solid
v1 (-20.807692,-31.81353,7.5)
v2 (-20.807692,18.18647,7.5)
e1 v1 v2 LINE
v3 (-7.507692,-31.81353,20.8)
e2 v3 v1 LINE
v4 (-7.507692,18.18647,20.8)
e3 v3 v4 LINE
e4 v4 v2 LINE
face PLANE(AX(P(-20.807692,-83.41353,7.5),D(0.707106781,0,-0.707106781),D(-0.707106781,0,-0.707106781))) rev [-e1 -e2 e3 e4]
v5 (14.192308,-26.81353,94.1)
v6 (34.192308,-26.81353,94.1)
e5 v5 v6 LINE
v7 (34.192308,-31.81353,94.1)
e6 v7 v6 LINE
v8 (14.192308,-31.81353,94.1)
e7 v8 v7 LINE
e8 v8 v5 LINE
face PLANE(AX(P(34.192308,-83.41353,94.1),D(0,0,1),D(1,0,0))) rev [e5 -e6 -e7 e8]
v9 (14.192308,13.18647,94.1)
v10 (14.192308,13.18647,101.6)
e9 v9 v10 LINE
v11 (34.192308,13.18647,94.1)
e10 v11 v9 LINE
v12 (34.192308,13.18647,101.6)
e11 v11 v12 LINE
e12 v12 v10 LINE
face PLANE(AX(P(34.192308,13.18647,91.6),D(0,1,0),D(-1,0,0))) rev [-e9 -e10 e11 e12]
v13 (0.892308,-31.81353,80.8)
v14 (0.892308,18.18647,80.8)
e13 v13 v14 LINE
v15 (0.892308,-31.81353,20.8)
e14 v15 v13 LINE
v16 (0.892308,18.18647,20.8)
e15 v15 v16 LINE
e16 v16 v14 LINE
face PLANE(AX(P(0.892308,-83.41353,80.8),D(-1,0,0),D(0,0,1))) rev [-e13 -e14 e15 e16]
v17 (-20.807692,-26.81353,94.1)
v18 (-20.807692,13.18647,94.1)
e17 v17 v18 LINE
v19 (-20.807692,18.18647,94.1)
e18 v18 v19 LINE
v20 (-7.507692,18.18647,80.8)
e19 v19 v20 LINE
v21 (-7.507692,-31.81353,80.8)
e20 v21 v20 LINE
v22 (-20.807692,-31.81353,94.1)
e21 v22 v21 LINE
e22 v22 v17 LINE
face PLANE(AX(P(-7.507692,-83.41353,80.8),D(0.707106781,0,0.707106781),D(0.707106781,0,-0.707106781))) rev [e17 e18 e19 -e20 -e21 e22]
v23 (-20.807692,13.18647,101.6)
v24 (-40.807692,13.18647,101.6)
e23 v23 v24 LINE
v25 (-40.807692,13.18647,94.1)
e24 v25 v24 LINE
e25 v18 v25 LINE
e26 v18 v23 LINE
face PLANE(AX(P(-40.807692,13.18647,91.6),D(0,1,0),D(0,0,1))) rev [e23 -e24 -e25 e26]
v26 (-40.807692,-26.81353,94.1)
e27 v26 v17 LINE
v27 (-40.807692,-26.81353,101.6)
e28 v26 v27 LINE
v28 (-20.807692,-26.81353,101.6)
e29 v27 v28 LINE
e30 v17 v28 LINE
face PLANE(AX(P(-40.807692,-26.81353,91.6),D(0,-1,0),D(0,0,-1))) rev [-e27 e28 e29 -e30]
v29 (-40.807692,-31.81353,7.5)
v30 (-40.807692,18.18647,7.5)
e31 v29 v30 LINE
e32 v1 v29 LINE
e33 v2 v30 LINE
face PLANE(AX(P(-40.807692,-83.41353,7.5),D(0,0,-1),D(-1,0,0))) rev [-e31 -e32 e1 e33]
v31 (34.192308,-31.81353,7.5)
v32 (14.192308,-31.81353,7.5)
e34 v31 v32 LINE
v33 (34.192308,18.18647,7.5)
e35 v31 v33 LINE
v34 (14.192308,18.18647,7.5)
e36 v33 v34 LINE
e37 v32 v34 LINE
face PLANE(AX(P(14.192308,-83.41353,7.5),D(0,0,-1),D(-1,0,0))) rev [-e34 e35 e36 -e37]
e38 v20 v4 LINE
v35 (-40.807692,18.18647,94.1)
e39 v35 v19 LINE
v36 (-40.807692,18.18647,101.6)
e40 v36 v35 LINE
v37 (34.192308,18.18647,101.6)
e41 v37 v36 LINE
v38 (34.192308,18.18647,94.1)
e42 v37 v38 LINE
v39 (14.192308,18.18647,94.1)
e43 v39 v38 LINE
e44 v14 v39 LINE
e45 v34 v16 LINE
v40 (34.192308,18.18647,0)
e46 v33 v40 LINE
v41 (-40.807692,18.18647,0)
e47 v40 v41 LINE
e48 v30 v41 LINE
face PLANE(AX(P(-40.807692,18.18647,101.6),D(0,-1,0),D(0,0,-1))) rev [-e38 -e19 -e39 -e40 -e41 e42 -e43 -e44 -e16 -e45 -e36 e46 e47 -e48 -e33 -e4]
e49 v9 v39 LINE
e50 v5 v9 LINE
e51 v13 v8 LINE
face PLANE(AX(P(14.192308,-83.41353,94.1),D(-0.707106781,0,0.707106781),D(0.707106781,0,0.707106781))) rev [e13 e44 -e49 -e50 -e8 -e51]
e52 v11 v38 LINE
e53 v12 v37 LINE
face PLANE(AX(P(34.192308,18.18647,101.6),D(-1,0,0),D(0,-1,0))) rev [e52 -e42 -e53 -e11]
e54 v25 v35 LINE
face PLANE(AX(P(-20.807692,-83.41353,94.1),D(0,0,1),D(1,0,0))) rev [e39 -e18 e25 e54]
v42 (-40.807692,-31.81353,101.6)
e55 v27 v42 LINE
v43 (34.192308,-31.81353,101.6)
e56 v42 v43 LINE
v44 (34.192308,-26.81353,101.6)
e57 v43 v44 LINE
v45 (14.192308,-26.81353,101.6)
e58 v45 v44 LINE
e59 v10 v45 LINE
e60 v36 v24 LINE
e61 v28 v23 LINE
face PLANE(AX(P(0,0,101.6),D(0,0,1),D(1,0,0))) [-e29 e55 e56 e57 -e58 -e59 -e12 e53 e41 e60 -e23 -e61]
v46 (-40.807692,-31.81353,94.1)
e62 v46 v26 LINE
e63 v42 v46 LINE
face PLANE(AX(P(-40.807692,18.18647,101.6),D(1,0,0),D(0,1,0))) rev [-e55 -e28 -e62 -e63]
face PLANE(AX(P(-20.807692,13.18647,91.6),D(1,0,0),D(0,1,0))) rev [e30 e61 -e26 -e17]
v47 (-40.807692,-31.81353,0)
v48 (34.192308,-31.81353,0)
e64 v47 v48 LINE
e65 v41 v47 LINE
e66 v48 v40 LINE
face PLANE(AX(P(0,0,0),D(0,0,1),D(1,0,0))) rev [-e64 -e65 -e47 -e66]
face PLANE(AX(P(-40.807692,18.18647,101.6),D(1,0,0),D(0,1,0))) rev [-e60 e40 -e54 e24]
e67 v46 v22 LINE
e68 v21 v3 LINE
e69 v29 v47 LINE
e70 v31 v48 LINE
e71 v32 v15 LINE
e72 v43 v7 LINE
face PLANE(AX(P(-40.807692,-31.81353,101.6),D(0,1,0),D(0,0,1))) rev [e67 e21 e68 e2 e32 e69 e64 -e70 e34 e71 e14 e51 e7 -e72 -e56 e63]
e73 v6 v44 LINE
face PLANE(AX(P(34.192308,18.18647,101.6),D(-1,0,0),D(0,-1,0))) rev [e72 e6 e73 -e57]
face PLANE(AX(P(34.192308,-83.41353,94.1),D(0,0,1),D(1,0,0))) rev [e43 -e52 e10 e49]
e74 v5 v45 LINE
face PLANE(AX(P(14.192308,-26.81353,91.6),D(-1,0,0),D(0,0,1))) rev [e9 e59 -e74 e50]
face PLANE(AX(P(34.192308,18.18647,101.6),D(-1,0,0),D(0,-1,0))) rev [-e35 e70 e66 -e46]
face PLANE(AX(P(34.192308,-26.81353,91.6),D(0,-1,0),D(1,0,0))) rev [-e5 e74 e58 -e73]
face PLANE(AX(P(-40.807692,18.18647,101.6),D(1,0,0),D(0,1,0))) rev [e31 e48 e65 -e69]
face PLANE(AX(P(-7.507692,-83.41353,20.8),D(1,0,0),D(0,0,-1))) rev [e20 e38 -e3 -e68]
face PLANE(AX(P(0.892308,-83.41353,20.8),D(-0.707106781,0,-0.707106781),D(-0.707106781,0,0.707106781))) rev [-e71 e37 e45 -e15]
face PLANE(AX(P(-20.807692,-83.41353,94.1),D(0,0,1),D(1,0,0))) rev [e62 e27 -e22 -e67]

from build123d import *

# Parameters (mm, degrees)
SKETCH2_W           = 75
SKETCH2_H           = 50
BOSS_EXTRUDE1_DEPTH = 101.6
CUT_EXTRUDE1_DEPTH  = 101.6
CUT_EXTRUDE2_DEPTH  = 101.6
SKETCH5_W           = 20
SKETCH5_H           = 40
CUT_EXTRUDE3_DEPTH  = 10
SKETCH6_W           = 20
SKETCH6_H           = 40
CUT_EXTRUDE4_DEPTH  = 10


with BuildPart() as part:
    # Sketch2 → Boss-Extrude1 (new body)
    with BuildSketch(Plane.XY):
        with Locations((-3.307692308, -6.81353022)):
            Rectangle(SKETCH2_W, SKETCH2_H)
    extrude(amount=BOSS_EXTRUDE1_DEPTH)

    # Sketch3 → Cut-Extrude1 (cut)
    with BuildSketch(Plane(origin=(0, 18.18646978, 0), x_dir=(1, 0, 0), z_dir=(0, 1, 0))):
        Polygon((-40.807692308, -7.5), (-20.807692308, -7.5), (-7.507692308, -20.8), (-7.507692308, -80.8), (-20.807692308, -94.1), (-40.807692308, -94.1), align=None)
    extrude(amount=-CUT_EXTRUDE1_DEPTH, mode=Mode.SUBTRACT)

    # Sketch4 → Cut-Extrude2 (cut)
    with BuildSketch(Plane(origin=(0, 18.18646978, 0), x_dir=(1, 0, 0), z_dir=(0, 1, 0))):
        Polygon((34.192307692, -94.1), (14.192307692, -94.1), (0.892307692, -80.8), (0.892307692, -20.8), (14.192307692, -7.5), (34.192307692, -7.5), align=None)
    extrude(amount=-CUT_EXTRUDE2_DEPTH, mode=Mode.SUBTRACT)

    # Sketch5 → Cut-Extrude3 (cut)
    with BuildSketch(Plane.XY.offset(101.6)):
        with Locations((24.192307692, -6.81353022)):
            Rectangle(SKETCH5_W, SKETCH5_H)
    extrude(amount=-CUT_EXTRUDE3_DEPTH, mode=Mode.SUBTRACT)

    # Sketch6 → Cut-Extrude4 (cut)
    with BuildSketch(Plane.XY.offset(101.6)):
        with Locations((-30.807692308, -6.81353022)):
            Rectangle(SKETCH6_W, SKETCH6_H)
    extrude(amount=-CUT_EXTRUDE4_DEPTH, mode=Mode.SUBTRACT)


solid = part.part
